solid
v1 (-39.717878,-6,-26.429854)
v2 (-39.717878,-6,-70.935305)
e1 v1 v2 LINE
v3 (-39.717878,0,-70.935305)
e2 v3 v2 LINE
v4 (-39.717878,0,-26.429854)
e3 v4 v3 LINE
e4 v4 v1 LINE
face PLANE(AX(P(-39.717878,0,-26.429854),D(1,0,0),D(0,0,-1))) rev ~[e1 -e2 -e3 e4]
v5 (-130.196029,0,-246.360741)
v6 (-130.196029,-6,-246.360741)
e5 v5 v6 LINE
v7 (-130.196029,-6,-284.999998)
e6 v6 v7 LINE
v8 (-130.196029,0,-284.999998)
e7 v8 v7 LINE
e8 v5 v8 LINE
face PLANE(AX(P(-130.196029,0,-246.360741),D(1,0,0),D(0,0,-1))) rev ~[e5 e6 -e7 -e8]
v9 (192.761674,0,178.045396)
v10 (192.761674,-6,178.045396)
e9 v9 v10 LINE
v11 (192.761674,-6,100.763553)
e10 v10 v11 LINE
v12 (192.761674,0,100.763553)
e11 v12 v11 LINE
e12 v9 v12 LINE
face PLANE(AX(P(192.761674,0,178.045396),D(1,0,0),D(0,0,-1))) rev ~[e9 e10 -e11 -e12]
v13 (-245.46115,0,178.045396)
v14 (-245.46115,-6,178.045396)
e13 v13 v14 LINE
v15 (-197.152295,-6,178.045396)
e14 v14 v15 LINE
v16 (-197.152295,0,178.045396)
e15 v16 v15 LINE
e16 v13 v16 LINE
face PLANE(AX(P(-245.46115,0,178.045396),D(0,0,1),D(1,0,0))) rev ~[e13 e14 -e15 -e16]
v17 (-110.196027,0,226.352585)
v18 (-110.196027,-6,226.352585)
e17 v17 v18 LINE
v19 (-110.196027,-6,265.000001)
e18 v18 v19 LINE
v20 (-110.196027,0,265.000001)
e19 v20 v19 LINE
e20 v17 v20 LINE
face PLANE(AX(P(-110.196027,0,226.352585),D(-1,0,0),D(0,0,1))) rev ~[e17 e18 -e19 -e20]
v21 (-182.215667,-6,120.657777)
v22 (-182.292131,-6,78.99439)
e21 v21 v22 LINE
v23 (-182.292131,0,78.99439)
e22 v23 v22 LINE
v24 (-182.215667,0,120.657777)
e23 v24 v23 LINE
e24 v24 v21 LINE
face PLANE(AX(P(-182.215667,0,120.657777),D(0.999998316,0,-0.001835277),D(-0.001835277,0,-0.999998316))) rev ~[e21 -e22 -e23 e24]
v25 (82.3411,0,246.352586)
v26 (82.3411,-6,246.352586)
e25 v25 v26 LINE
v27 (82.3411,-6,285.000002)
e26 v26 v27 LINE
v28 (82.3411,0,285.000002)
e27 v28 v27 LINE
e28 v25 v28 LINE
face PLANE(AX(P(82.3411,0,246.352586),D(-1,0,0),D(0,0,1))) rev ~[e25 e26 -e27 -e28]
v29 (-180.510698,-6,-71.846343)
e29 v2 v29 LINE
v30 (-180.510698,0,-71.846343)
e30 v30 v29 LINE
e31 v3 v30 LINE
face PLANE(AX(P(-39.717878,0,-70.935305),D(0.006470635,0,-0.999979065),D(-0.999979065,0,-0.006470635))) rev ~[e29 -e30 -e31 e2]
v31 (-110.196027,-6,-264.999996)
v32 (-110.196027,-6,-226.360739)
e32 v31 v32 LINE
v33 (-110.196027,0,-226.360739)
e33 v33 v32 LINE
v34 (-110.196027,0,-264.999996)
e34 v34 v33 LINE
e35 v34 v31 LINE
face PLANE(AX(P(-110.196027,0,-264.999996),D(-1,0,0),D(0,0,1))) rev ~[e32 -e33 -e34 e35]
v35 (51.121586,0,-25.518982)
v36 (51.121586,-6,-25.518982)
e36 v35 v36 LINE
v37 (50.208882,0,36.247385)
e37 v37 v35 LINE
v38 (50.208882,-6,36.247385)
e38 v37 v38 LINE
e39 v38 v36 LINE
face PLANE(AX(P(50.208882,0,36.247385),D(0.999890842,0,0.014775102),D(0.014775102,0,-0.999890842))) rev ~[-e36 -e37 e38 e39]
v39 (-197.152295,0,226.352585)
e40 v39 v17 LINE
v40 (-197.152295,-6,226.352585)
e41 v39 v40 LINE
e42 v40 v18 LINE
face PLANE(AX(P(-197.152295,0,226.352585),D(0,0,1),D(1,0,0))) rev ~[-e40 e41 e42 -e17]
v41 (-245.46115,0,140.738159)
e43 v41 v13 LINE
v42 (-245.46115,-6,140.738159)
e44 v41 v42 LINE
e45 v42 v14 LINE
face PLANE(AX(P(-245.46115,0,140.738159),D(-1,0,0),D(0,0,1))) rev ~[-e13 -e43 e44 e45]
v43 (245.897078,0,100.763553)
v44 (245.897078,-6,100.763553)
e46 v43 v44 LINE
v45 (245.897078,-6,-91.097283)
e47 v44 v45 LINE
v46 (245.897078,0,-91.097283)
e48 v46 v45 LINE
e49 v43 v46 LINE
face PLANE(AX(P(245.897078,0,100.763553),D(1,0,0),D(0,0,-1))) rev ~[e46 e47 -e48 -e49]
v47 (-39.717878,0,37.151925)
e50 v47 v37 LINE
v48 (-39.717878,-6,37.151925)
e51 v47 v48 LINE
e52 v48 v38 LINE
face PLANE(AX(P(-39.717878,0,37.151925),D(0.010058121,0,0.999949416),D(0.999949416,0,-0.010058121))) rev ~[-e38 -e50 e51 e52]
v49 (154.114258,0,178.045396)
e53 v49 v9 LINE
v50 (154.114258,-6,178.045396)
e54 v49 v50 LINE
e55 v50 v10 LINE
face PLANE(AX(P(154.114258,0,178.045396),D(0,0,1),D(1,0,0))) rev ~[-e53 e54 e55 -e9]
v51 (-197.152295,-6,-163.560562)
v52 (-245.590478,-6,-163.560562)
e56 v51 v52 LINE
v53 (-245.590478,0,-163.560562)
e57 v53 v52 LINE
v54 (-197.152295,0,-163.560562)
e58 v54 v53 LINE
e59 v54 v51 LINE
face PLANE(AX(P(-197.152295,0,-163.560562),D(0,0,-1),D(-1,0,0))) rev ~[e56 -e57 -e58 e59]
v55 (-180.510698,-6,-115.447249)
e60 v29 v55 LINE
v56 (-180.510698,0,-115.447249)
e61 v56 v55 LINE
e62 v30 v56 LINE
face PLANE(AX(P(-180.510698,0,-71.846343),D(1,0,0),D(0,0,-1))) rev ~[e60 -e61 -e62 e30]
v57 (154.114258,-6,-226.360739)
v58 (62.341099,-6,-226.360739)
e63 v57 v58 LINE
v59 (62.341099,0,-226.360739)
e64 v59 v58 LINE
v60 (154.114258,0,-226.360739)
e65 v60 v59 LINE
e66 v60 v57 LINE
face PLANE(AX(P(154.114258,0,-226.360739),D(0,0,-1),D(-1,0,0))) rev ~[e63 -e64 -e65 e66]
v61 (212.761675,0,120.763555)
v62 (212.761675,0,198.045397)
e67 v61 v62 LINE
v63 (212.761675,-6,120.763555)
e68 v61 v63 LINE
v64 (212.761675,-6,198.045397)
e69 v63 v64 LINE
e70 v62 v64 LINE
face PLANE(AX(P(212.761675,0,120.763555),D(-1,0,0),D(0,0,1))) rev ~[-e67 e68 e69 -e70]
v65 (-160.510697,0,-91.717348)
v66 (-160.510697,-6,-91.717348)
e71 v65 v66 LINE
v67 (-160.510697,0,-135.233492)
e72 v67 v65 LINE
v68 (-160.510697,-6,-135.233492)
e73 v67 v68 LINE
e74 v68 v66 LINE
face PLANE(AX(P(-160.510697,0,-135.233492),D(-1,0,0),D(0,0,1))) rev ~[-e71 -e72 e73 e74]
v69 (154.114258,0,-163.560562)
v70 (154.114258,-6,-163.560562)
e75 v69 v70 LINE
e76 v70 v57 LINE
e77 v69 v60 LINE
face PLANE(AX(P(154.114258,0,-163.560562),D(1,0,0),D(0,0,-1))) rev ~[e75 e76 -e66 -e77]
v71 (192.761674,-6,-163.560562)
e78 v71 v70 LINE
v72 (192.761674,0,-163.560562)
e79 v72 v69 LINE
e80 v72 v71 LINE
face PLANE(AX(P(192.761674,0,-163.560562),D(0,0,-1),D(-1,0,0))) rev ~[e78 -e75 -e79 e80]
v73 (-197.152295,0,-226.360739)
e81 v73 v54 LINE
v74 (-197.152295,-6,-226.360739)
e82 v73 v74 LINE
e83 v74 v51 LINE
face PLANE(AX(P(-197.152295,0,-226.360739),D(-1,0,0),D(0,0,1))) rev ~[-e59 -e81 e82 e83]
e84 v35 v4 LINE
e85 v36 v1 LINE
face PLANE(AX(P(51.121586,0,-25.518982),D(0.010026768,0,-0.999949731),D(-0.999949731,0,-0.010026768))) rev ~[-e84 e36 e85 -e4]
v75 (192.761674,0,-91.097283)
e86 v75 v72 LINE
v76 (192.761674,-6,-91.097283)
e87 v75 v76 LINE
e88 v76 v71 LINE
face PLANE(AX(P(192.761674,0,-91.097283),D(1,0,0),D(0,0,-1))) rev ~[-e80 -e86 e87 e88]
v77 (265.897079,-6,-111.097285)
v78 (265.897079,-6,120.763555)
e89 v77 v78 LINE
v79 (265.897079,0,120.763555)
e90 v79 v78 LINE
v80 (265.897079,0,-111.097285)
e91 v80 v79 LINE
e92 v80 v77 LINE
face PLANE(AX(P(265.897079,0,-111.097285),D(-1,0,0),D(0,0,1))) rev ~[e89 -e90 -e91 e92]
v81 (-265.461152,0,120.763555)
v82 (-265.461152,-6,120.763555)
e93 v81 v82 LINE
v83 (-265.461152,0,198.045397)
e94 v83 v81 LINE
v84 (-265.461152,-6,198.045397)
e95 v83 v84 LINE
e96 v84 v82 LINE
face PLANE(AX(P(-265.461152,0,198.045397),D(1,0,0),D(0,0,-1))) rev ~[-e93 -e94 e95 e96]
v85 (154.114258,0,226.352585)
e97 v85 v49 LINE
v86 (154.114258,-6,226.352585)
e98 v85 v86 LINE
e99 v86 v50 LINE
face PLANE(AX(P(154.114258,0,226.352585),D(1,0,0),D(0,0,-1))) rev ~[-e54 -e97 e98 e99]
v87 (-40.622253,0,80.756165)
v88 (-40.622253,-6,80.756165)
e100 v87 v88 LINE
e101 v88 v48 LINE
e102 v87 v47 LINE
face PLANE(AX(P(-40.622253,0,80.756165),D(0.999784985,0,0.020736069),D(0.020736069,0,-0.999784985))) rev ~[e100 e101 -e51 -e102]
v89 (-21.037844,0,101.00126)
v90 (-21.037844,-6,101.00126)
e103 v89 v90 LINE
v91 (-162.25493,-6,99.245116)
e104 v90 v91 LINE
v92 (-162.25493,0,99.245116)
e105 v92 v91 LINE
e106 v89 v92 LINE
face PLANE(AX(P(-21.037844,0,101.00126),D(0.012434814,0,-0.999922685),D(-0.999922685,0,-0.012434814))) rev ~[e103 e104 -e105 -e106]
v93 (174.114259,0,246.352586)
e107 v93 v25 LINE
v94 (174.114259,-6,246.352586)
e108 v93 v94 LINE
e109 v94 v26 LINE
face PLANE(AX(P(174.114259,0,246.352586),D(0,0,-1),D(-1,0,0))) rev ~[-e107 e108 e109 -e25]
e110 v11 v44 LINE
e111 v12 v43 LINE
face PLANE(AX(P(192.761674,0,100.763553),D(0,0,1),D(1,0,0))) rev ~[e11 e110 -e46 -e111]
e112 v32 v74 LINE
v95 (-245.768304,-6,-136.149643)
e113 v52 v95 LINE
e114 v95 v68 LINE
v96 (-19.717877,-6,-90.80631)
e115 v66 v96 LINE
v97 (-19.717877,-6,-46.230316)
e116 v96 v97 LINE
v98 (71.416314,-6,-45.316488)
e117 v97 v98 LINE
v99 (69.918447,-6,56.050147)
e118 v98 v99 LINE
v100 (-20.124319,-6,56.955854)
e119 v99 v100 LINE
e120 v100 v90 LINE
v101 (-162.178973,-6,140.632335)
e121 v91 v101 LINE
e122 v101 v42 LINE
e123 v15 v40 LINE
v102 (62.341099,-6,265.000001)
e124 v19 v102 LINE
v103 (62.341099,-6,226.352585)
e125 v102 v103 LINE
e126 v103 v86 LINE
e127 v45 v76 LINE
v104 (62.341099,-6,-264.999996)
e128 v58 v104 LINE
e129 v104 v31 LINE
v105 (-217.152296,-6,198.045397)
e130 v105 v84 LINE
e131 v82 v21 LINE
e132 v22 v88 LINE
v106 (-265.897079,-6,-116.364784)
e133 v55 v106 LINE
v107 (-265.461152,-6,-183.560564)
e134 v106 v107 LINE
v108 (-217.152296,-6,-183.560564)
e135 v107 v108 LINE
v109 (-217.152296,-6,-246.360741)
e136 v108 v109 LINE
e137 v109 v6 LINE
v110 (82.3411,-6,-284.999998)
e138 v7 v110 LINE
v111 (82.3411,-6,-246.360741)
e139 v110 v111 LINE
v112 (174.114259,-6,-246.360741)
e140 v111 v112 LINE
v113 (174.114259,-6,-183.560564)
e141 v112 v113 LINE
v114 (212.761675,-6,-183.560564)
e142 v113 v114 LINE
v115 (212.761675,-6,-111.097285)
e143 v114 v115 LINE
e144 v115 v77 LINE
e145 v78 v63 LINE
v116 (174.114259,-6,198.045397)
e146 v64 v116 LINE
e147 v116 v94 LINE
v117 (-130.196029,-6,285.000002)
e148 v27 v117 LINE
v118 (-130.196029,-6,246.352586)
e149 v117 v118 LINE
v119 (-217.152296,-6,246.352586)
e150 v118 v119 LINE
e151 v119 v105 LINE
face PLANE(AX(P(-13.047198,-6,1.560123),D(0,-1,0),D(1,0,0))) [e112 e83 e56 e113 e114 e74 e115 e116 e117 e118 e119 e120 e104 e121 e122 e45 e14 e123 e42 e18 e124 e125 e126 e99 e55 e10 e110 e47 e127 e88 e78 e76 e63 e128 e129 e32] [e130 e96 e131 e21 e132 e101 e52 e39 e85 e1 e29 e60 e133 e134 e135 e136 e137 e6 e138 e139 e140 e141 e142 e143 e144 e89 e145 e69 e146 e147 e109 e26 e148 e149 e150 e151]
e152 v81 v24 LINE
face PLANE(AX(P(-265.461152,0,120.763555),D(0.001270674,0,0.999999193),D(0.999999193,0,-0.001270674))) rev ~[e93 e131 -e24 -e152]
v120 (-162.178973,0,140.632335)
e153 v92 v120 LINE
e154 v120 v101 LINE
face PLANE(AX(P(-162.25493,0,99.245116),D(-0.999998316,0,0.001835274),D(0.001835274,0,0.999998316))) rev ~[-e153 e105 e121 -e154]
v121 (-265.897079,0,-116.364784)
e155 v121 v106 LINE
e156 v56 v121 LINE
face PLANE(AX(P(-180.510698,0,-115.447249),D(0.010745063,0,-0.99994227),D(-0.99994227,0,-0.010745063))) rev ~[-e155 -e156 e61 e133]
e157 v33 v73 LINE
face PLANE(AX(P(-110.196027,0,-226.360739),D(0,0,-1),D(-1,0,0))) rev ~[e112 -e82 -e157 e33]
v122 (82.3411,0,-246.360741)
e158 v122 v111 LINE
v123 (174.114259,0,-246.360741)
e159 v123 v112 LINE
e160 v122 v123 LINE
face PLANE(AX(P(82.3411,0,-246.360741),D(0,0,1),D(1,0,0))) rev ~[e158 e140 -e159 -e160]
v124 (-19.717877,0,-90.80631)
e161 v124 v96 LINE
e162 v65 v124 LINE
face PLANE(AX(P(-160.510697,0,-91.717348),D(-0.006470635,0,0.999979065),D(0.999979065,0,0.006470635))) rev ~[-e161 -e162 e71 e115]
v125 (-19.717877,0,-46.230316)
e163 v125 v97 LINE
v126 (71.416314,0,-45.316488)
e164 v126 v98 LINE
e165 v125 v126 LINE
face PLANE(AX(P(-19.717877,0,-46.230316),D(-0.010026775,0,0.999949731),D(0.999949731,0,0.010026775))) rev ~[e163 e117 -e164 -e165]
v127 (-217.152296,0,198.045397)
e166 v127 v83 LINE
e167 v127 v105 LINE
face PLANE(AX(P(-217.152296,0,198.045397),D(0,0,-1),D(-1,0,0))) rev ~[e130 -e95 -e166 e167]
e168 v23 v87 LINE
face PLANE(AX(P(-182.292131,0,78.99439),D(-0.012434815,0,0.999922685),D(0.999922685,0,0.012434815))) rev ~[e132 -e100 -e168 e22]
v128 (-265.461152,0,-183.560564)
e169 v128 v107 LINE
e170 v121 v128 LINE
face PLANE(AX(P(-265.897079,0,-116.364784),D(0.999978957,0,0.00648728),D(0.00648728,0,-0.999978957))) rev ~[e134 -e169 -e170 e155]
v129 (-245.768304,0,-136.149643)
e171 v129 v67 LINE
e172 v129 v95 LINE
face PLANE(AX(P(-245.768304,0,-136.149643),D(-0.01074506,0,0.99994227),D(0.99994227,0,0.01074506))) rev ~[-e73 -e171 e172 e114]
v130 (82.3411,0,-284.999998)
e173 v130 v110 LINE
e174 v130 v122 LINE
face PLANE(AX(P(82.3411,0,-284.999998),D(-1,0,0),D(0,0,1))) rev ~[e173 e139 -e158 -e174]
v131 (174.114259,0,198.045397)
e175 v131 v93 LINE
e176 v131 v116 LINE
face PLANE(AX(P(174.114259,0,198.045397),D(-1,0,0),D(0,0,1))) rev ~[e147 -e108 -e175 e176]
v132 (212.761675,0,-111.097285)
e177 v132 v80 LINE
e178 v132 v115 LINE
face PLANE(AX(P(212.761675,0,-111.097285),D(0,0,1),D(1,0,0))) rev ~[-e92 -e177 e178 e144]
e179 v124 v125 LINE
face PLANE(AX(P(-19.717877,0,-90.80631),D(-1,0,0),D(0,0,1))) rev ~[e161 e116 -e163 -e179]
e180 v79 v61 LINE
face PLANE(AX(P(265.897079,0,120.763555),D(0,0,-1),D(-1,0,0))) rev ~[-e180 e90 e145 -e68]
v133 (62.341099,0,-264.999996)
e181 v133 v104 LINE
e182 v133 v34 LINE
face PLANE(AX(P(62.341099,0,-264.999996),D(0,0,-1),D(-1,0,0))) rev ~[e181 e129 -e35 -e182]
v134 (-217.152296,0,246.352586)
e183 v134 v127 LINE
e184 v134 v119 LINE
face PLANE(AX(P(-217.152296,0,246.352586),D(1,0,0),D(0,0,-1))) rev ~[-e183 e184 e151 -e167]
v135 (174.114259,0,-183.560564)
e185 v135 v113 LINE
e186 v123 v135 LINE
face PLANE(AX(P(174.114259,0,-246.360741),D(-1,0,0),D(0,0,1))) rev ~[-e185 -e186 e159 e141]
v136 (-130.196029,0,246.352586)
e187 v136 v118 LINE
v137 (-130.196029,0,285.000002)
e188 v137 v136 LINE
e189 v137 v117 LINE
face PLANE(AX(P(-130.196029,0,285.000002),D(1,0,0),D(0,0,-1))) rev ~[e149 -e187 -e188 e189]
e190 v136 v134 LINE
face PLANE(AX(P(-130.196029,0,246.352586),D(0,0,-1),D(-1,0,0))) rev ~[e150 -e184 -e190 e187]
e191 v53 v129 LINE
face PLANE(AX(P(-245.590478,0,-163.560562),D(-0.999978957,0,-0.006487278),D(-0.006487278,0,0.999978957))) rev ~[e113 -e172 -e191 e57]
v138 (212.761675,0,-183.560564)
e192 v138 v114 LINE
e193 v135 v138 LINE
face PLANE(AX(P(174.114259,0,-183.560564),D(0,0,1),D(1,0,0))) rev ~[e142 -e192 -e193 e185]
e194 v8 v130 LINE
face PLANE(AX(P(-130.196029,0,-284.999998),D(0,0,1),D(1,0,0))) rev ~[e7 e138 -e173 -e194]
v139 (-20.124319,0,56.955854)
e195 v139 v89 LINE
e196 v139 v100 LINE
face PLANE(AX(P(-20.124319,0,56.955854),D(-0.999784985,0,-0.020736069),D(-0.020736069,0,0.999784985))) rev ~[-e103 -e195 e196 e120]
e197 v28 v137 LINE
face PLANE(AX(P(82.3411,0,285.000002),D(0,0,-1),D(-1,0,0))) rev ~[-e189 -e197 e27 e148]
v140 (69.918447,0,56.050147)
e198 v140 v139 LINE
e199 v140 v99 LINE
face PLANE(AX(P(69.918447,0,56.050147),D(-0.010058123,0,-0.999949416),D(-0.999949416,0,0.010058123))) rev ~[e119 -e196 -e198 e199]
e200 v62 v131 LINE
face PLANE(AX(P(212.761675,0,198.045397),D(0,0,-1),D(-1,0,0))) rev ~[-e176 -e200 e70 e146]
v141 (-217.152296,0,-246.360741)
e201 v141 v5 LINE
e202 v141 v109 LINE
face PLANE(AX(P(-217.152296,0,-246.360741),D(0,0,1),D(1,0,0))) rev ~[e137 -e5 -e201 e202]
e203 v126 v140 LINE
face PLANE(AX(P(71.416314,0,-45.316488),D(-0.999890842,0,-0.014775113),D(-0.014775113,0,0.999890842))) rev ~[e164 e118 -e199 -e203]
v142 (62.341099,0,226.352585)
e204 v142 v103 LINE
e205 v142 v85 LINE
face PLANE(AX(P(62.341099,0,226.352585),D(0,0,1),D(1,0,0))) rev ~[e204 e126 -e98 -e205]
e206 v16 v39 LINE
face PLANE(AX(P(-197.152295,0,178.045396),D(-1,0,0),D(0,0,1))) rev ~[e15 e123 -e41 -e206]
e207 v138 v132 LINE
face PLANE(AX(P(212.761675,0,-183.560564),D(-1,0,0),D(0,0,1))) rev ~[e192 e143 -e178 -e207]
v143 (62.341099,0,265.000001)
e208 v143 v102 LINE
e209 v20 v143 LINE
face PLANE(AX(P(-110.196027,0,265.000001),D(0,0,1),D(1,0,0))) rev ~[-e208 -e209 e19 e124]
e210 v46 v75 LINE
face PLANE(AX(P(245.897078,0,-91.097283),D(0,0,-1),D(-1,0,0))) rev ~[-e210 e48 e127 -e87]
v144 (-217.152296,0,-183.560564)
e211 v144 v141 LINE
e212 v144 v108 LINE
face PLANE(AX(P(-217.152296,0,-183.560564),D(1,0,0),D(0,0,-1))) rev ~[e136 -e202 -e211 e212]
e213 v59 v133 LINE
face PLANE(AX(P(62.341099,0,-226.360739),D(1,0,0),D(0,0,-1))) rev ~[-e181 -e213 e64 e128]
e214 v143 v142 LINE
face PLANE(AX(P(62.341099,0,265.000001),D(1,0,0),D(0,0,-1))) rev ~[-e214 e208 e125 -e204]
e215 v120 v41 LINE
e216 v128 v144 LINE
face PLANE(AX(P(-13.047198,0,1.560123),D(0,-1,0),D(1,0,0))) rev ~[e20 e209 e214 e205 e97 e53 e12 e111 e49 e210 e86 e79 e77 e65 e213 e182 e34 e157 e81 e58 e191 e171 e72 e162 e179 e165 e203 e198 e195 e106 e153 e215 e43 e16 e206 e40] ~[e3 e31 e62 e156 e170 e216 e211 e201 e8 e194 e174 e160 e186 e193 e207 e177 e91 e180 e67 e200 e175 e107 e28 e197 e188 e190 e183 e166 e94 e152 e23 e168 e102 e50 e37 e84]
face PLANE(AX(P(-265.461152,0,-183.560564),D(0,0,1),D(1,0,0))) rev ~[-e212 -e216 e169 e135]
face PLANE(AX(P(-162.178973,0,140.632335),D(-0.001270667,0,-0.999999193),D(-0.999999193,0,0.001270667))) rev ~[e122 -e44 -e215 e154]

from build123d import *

# Parameters (mm, degrees)
F1_DEPTH = 6


with BuildPart() as f1:
    # F0 (on Front) → F1 (new body)
    with BuildSketch(Plane.XZ):
        Polygon((265.897079, -111.097285), (265.897079, 120.763555), (212.761675, 120.763555), (212.761675, 198.045397), (174.114259, 198.045397), (174.114259, 246.352586), (82.3411, 246.352586), (82.3411, 285.000002), (-130.196029, 285.000002), (-130.196029, 246.352586), (-217.152296, 246.352586), (-217.152296, 198.045397), (-265.461152, 198.045397), (-265.461152, 120.763555), (-182.215667, 120.657777), (-182.292131, 78.99439), (-40.622253, 80.756165), (-39.717878, 37.151925), (50.208882, 36.247385), (51.121586, -25.518982), (-39.717878, -26.429854), (-39.717878, -70.935305), (-180.510698, -71.846343), (-180.510698, -115.447249), (-265.897079, -116.364784), (-265.461152, -183.560564), (-217.152296, -183.560564), (-217.152296, -246.360741), (-130.196029, -246.360741), (-130.196029, -284.999998), (82.3411, -284.999998), (82.3411, -246.360741), (174.114259, -246.360741), (174.114259, -183.560564), (212.761675, -183.560564), (212.761675, -111.097285), align=None)
        Polygon((-160.510697, -135.233492), (-160.510697, -91.717348), (-19.717877, -90.80631), (-19.717877, -46.230316), (71.416314, -45.316488), (69.918447, 56.050147), (-20.124319, 56.955854), (-21.037844, 101.00126), (-162.25493, 99.245116), (-162.178973, 140.632335), (-245.46115, 140.738159), (-245.46115, 178.045396), (-197.152295, 178.045396), (-197.152295, 226.352585), (-110.196027, 226.352585), (-110.196027, 265.000001), (62.341099, 265.000001), (62.341099, 226.352585), (154.114258, 226.352585), (154.114258, 178.045396), (192.761674, 178.045396), (192.761674, 100.763553), (245.897078, 100.763553), (245.897078, -91.097283), (192.761674, -91.097283), (192.761674, -163.560562), (154.114258, -163.560562), (154.114258, -226.360739), (62.341099, -226.360739), (62.341099, -264.999996), (-110.196027, -264.999996), (-110.196027, -226.360739), (-197.152295, -226.360739), (-197.152295, -163.560562), (-245.590478, -163.560562), (-245.768304, -136.149643), align=None, mode=Mode.SUBTRACT)
    extrude(amount=F1_DEPTH)


solid = f1.part
